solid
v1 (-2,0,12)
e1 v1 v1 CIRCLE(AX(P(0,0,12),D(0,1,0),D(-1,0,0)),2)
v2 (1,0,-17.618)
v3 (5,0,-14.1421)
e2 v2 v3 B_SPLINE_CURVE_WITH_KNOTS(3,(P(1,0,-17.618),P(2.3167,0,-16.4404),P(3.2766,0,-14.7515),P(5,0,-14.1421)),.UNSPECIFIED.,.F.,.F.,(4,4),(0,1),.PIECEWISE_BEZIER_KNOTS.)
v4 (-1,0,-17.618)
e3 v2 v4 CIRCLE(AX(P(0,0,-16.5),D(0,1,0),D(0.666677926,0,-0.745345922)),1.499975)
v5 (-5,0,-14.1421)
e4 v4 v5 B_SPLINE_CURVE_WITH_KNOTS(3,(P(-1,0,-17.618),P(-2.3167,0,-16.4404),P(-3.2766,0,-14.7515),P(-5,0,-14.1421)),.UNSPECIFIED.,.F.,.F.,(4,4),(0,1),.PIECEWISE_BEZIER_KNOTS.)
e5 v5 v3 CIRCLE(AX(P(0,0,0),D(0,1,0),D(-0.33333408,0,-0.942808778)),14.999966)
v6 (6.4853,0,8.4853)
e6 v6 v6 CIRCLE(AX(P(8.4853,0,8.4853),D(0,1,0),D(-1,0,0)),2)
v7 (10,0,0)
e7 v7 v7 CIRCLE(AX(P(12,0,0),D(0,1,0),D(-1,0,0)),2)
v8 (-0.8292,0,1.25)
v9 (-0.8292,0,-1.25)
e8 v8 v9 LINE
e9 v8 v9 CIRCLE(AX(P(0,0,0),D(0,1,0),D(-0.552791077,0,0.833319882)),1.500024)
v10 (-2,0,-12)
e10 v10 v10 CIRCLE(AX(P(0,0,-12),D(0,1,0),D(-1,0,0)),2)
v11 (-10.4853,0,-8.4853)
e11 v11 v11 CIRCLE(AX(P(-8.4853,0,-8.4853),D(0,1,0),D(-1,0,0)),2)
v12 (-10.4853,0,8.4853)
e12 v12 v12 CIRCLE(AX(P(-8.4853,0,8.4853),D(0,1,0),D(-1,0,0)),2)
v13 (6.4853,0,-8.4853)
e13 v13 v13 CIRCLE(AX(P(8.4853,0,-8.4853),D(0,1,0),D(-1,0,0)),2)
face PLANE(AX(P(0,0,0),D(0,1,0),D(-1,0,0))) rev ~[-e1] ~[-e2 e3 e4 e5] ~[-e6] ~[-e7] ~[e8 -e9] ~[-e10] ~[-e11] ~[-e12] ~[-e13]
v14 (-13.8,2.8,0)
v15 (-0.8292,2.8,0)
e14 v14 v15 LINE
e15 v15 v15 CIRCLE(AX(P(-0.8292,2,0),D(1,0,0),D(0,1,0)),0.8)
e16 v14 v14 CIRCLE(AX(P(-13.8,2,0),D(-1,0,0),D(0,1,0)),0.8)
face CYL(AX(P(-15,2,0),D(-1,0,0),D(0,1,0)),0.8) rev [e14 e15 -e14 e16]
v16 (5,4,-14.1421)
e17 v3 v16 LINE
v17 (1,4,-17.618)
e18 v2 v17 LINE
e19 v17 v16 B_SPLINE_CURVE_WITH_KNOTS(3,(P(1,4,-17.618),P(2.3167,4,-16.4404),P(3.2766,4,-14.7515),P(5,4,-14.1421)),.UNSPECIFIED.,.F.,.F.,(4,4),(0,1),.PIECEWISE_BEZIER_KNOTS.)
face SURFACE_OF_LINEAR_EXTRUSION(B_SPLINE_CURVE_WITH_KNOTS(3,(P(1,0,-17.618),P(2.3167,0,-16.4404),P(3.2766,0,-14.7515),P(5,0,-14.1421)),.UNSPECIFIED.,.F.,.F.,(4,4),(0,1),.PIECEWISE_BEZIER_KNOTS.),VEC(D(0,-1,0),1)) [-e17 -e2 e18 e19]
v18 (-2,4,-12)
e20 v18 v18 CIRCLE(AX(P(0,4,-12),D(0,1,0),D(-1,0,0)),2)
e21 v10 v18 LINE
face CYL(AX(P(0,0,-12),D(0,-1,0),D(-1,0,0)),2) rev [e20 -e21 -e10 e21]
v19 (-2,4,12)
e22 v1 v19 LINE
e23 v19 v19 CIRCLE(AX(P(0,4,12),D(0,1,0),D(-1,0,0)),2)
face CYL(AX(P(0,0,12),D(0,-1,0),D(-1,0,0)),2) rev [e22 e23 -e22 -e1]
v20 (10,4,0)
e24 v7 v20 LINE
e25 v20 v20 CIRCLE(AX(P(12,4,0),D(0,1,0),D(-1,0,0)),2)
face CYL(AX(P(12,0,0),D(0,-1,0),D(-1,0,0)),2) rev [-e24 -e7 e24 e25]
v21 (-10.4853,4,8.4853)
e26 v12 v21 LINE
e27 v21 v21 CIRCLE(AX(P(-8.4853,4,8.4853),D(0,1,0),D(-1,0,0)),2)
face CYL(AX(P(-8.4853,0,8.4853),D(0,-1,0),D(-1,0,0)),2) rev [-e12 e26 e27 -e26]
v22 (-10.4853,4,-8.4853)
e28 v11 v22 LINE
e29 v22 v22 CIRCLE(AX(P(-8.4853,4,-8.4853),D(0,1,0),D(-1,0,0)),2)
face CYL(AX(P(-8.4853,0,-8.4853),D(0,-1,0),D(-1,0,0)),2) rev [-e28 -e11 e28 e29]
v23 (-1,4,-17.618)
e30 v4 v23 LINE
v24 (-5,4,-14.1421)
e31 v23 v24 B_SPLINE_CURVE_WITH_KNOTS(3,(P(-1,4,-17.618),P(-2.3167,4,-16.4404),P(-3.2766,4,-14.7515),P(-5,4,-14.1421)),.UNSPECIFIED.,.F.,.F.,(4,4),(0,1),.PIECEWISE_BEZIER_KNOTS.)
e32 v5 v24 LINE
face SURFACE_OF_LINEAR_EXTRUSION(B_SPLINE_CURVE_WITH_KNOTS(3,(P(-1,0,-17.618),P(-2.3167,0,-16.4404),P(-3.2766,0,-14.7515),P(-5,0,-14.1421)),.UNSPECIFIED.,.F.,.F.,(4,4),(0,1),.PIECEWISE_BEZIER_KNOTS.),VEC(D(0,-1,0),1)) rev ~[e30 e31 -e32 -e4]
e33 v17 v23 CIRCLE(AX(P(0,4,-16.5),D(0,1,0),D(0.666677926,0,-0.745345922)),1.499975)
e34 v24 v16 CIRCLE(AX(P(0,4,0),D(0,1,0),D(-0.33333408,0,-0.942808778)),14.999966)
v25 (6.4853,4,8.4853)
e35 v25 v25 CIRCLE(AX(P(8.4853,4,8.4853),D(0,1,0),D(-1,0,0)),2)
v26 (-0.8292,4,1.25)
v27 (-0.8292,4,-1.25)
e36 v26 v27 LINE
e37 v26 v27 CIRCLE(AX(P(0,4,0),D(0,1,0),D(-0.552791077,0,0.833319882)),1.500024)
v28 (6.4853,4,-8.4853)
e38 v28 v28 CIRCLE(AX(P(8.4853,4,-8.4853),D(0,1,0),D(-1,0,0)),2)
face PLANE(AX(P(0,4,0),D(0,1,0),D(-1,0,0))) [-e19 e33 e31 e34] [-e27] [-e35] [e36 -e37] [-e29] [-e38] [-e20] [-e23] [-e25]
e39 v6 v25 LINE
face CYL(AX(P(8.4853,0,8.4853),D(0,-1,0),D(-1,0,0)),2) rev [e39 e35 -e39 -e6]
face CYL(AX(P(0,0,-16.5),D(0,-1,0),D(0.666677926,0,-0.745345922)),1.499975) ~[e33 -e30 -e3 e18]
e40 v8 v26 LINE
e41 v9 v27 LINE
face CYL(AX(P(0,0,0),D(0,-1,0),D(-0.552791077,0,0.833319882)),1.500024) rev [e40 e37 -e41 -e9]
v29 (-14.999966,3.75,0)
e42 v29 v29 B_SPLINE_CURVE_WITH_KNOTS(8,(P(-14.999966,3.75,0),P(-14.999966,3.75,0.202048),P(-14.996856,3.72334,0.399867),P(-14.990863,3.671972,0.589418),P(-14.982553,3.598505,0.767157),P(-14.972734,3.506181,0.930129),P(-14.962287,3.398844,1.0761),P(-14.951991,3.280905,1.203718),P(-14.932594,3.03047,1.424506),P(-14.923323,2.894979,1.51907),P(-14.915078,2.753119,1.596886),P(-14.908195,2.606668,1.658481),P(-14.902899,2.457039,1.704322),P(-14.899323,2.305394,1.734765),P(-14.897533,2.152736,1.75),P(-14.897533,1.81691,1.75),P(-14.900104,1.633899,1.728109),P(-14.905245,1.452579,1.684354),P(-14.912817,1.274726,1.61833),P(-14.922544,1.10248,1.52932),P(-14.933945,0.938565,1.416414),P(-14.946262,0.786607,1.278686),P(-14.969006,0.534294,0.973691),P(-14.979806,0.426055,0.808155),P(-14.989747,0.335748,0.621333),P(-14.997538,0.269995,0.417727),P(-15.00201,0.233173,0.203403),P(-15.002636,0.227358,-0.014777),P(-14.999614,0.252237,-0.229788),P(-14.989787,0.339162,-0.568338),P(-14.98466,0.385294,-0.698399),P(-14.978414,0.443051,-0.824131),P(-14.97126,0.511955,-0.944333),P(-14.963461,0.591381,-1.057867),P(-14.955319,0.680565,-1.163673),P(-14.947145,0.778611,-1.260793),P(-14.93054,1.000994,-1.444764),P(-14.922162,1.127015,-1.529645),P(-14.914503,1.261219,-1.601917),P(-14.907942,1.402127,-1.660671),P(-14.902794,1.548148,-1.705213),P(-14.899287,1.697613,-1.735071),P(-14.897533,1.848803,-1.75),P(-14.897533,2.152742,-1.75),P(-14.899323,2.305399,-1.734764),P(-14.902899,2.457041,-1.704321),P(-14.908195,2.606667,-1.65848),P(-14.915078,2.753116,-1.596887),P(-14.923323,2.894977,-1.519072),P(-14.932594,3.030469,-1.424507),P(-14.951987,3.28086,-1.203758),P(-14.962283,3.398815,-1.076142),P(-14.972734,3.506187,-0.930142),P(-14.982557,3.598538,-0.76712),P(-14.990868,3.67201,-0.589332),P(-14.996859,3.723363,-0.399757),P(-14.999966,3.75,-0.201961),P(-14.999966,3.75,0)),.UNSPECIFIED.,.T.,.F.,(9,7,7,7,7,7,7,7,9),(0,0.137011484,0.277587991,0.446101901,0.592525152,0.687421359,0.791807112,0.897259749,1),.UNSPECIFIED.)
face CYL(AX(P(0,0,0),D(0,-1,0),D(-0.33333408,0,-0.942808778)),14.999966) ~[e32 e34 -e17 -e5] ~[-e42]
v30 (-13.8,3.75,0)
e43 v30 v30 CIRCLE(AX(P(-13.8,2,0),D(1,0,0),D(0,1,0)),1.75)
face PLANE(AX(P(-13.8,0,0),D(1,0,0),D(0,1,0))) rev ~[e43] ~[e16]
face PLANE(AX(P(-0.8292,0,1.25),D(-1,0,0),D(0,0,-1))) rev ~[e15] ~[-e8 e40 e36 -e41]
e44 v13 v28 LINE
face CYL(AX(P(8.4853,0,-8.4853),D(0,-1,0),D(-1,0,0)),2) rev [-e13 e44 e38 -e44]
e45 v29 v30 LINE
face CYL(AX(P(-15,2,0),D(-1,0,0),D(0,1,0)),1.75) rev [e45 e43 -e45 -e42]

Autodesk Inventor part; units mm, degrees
ref_plane "XZ Plane" through (0, 0, 0) normal (0, 1, 0) x (-1, 0, 0)
ref_plane "XY Plane" through (0, 0, 0) normal (0, 0, 1) x (1, 0, 0)
sketch "Sketch1" plane through (0, 0, 0) normal (0, 1, 0) x (-1, 0, 0)
  arc A0 (0.8292, 1.25) -> (0.8292, -1.25) centre (0, 0) ccw
  line L0 (0.8292, 1.25) -> (0.8292, -1.25)
  circle A1 centre (0, 0) radius 15 construction
  circle A2 centre (0, 0) radius 18 construction
  line L1 (0, -15) -> (0, -18) construction
  arc A3 (-1, -17.618) -> (1, -17.618) centre (0, -16.5) ccw
  spline S0 degree 3 poles (1, -17.618) (2.3167, -16.4404) (3.2766, -14.7515) (5, -14.1421) knots 0 0 0 0 1 1 1 1
  spline S1 degree 3 poles (-1, -17.618) (-2.3167, -16.4404) (-3.2766, -14.7515) (-5, -14.1421) knots 0 0 0 0 1 1 1 1
  arc A4 (5, -14.1421) -> (-5, -14.1421) centre (0, 0) ccw
  line L2 (0, 0) -> (13.7006, 0) construction
  line L3 (0, 0) -> (0, -3.6917) construction
  circle A5 centre (-12, 0) radius 2
  circle A6 centre (-8.4853, -8.4853) radius 2
  circle A7 centre (0, -12) radius 2
  circle A8 centre (8.4853, -8.4853) radius 2
  circle A9 centre (12, 0) radius 2 construction
  circle A10 centre (8.4853, 8.4853) radius 2
  circle A11 centre (0, 12) radius 2
  circle A12 centre (-8.4853, 8.4853) radius 2
  dimension "d50" = 36
  dimension "d0" = 3
  dimension "d1" = 2.5
  dimension "d2" = 30
  dimension "d7" = 5
  dimension "d8" = 1
  dimension "d9" = 5
  dimension "d29" = 12
  dimension "d30" = 4
  dimension "d33" = 360
extrude "Extrusion1" add sketch "Sketch1" along normal blind 4
ref_plane "Work Plane1" through (-15, 0, 0) normal (1, 0, 0) x (0, 1, 0)
ref_plane "Work Plane2" through (-15, 0, 0) normal (1, 0, 0) x (0, 1, 0)
sketch "Sketch6" plane through (-15, 0, 0) normal (1, 0, 0) x (0, 1, 0)
  line L0 (4, -14.1421) -> (4, 15) construction
  line L1 (0, 15) -> (0, -14.1421) construction
  line L2 (0, 0) -> (4, 0) construction
  circle A0 centre (2, 0) radius 1.75
  dimension "d41" = 3.5
extrude "Extrusion6" cut sketch "Sketch6" along normal blind 1.2
sketch "Sketch8" plane through (-15, 0, 0) normal (1, 0, 0) x (0, 1, 0)
  circle A0 centre (2, 0) radius 0.8
  point P0 (0, 0)
  dimension "d47" = 1.6
extrude "Extrusion8" cut sketch "Sketch8" along normal up to surface (14.1708 mm away)
properties part number "servo horn"
